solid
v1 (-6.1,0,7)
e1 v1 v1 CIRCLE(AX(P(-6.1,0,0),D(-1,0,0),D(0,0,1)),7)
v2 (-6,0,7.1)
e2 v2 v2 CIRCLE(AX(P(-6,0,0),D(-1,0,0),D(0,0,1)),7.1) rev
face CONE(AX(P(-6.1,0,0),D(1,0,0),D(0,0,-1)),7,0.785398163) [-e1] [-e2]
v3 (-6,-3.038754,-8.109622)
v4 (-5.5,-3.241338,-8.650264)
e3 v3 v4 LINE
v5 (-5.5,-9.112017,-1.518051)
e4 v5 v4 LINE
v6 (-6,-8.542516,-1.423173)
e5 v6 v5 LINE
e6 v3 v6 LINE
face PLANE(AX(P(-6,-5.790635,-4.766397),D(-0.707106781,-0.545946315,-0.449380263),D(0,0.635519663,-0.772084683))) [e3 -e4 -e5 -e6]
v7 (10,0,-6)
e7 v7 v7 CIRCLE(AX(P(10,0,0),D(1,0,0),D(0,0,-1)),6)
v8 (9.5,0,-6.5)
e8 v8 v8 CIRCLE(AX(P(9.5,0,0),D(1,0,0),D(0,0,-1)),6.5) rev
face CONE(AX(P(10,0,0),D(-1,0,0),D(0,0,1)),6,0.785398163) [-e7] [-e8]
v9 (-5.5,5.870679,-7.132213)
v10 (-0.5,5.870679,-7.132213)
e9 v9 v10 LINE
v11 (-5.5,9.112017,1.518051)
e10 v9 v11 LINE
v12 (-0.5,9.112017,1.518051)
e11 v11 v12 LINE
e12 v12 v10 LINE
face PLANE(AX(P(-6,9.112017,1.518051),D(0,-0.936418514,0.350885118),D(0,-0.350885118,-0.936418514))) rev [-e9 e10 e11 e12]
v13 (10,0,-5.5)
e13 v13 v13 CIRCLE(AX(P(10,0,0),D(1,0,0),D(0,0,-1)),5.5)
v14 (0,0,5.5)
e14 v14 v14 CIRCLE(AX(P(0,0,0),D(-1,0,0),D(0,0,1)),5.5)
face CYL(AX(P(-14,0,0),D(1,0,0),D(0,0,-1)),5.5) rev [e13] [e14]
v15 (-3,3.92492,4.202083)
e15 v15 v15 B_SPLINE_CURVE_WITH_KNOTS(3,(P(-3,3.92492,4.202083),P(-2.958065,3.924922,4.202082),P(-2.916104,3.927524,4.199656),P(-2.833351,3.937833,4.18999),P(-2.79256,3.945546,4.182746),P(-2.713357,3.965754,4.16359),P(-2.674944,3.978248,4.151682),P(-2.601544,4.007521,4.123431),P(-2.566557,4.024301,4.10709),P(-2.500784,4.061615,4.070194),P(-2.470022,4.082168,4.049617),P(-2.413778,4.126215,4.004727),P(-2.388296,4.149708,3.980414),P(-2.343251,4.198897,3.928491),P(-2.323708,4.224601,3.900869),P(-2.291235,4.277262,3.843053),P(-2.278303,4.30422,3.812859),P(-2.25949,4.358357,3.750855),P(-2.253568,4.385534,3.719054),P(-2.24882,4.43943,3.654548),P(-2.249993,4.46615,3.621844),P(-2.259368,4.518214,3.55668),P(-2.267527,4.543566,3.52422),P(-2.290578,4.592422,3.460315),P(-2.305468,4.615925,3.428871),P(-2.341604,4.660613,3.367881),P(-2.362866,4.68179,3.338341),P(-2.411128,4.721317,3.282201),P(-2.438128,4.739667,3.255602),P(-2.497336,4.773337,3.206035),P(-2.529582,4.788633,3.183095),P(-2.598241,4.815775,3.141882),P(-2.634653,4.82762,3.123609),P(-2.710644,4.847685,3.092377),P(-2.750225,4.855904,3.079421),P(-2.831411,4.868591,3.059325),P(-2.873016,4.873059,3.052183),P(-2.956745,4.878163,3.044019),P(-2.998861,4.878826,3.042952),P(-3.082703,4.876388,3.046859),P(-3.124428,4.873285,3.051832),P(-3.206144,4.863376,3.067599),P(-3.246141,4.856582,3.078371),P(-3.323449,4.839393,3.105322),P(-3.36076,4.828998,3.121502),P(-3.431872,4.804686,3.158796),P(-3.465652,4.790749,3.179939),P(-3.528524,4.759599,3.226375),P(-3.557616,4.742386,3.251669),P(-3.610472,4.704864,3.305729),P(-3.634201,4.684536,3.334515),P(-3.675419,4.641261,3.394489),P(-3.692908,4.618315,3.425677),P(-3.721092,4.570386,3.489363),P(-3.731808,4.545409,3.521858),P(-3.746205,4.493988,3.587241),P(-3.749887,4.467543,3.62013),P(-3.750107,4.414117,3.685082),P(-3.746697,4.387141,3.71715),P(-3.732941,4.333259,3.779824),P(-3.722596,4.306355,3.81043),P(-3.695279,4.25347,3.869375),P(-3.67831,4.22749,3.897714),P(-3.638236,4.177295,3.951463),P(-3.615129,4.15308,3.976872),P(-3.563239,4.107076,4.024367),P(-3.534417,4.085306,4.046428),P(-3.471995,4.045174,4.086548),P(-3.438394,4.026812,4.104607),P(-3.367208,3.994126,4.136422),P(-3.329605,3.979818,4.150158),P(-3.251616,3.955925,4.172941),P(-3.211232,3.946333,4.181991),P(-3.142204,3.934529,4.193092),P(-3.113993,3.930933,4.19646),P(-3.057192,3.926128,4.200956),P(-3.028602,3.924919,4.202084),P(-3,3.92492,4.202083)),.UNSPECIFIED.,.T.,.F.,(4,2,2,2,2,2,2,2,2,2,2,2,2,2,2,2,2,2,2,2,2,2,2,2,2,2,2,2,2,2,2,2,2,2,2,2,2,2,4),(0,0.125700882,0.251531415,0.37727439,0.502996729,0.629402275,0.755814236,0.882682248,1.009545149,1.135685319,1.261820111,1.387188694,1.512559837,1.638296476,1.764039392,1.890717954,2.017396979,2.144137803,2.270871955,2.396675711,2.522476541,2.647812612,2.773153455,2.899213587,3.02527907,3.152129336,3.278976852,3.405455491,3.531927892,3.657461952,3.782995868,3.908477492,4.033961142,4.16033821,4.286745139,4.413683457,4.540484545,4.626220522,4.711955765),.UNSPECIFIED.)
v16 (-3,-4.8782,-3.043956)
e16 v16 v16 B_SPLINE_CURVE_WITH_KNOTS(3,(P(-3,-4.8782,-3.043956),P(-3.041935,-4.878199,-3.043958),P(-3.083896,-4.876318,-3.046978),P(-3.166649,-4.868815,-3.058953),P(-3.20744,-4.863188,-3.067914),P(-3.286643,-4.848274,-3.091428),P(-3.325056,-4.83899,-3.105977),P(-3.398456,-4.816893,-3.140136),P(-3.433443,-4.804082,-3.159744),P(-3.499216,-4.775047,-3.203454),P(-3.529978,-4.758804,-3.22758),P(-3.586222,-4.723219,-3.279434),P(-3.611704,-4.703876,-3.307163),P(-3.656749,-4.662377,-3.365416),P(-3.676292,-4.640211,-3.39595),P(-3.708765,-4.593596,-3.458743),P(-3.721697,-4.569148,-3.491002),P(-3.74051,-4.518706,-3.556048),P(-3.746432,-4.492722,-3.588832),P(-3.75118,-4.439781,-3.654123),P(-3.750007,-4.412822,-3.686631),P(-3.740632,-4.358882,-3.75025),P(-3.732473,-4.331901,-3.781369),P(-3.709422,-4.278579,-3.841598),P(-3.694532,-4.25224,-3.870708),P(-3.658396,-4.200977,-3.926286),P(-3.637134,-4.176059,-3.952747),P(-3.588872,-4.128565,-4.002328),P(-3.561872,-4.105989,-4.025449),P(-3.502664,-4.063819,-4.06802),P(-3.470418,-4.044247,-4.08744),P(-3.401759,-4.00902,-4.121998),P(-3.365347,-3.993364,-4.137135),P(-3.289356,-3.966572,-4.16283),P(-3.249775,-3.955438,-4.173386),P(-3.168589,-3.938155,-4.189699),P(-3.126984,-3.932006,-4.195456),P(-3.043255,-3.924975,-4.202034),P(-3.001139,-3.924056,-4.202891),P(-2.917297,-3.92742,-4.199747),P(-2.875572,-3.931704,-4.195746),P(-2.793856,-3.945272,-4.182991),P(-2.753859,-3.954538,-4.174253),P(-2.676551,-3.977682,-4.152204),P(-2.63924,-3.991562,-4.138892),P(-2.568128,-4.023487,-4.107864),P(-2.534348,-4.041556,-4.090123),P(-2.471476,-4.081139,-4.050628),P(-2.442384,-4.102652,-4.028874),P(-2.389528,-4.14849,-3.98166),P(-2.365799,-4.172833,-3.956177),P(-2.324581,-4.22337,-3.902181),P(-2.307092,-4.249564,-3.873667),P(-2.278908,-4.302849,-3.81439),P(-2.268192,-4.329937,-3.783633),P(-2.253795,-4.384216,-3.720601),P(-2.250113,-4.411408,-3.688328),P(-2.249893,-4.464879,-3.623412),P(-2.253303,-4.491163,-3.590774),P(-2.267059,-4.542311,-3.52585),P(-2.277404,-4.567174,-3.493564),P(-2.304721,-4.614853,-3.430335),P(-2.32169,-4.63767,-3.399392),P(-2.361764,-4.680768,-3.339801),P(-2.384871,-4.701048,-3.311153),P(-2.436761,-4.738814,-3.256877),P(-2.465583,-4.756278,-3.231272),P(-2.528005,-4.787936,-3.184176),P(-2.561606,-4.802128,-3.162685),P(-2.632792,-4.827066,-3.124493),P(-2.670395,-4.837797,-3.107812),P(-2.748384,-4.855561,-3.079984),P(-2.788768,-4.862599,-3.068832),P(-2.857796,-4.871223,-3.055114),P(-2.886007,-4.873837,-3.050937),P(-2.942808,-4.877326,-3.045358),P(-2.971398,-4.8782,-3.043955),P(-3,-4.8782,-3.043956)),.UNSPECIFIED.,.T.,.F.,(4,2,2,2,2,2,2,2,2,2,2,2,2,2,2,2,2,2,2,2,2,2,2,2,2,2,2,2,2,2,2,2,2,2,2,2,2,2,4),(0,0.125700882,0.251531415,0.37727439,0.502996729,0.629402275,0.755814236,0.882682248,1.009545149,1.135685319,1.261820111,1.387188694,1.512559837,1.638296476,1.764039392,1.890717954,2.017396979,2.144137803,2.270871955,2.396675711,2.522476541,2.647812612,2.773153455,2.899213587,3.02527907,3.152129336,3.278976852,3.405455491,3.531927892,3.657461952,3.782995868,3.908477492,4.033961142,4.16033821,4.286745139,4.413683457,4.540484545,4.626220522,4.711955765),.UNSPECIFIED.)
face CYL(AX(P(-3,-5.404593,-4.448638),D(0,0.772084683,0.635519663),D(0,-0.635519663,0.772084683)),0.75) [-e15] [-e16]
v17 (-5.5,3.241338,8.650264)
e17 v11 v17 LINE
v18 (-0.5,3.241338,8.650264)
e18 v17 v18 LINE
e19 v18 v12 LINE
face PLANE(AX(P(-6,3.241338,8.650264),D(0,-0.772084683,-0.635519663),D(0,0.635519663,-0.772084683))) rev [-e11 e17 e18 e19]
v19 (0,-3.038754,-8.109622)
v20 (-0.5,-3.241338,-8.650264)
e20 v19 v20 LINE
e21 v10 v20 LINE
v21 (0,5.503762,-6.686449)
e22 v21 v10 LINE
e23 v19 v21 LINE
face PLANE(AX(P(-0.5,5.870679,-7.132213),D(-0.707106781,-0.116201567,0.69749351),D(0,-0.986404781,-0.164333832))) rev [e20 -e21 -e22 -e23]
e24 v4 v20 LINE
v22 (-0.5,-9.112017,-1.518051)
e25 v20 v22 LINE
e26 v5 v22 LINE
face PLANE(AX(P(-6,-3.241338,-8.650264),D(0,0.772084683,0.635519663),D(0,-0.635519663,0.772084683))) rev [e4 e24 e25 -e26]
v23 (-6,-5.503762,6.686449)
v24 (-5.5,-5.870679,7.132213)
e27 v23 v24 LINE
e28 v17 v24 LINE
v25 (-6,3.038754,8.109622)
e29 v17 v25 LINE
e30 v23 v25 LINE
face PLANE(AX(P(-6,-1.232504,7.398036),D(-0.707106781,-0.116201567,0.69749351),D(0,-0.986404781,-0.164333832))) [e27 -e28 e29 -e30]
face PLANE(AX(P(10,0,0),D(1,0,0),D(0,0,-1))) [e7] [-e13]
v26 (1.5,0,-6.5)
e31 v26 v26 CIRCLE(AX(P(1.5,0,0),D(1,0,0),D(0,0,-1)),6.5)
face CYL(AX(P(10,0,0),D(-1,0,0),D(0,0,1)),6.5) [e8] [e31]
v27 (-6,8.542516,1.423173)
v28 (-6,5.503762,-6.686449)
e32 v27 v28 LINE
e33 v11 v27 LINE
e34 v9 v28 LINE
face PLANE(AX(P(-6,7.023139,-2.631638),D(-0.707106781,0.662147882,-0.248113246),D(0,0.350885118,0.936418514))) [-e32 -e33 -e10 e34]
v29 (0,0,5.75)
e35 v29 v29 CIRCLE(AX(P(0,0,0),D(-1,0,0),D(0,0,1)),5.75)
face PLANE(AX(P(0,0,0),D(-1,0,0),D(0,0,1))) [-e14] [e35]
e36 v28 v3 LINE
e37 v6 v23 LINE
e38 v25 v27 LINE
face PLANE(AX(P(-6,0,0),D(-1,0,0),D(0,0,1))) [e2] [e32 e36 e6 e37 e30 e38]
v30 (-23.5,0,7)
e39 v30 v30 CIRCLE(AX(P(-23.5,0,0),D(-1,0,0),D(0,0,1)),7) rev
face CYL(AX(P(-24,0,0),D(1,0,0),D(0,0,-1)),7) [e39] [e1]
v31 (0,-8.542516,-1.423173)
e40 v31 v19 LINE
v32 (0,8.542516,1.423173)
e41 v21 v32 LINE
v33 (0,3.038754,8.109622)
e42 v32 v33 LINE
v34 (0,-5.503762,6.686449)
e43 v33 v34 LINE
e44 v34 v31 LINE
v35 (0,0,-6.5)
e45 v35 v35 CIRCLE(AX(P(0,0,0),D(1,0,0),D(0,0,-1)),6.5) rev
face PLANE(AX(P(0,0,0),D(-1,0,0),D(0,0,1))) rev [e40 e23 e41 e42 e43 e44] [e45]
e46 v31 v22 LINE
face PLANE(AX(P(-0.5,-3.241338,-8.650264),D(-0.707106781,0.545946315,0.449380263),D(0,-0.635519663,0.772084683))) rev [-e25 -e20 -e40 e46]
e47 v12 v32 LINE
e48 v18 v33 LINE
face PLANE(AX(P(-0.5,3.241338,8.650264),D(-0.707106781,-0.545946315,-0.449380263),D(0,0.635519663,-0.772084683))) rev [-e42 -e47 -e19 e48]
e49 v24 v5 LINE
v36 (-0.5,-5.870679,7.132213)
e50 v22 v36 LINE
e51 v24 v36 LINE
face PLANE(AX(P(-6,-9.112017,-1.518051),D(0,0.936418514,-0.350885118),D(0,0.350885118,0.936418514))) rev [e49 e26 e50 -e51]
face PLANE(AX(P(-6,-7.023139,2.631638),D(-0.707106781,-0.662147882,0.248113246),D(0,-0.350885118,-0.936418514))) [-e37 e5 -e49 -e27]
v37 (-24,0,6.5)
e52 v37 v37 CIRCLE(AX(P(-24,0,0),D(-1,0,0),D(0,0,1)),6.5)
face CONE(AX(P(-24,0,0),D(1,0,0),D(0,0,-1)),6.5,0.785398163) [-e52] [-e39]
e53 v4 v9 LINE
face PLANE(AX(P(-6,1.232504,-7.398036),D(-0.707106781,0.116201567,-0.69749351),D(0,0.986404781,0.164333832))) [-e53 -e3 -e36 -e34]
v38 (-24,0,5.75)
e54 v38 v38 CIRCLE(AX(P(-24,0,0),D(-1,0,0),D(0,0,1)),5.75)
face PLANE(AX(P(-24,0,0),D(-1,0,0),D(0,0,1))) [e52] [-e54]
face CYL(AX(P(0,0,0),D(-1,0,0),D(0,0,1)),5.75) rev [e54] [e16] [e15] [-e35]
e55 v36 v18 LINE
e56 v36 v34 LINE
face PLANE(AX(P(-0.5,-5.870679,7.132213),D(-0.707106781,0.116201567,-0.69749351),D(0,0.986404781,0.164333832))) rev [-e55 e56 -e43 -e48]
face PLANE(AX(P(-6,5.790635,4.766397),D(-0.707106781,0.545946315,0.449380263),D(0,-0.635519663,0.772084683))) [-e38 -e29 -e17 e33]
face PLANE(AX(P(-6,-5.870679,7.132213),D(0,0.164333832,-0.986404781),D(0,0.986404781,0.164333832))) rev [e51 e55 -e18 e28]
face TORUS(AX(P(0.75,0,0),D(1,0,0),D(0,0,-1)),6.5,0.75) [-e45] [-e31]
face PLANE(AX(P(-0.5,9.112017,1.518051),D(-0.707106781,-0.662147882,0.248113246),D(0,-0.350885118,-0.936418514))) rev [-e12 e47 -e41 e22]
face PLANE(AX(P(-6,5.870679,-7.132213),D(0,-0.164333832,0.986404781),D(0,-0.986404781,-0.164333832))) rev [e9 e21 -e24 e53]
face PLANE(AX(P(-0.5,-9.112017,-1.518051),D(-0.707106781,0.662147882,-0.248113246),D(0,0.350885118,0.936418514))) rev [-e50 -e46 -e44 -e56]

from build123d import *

# Parameters (mm, degrees)
ESQUISSE1_R             = 0.65
BOSS_EXTRU_1_DEPTH      = 1
BOSS_EXTRU_2_DEPTH      = 0.6
ESQUISSE4_R             = 0.7
BOSS_EXTRU_3_DEPTH      = 1.8
CHANFREIN1_SIZE         = 0.05
CHANFREIN2_SIZE         = 0.05
ESQUISSE5_R             = 0.575
ENL_V_MAT_EXTRU_1_DEPTH = 2.4
ESQUISSE6_R             = 0.55
ENL_V_MAT_EXTRU_2_DEPTH = 2.4
CHANFREIN3_SIZE         = 0.05
CHANFREIN4_SIZE         = 0.05
CHANFREIN5_SIZE         = 0.01
ESQUISSE7_R             = 0.075
BOSS_EXTRU_4_DEPTH      = 1.5
ECHELLE1_SCALE          = 10


with BuildPart() as part:
    # Esquisse1 → Boss.-Extru.1 (new body)
    with BuildSketch(Plane(origin=(0, 0, 0), x_dir=(0, 0, -1), z_dir=(1, 0, 0))):
        Circle(ESQUISSE1_R)
    extrude(amount=BOSS_EXTRU_1_DEPTH)

    # Esquisse2 → Révolution1 (revolve)
    with BuildSketch(Plane.XY):
        with BuildLine():
            Line((0, 0.65), (0.15, 0.65))
            ThreePointArc((0.15, 0.65), (0.075, 0.725), (0, 0.65))
        make_face()
    revolve(axis=Axis((1, 0, 0), (-1, 0, 0)))

    # Esquisse3 → Boss.-Extru.2 (add)
    with BuildSketch(Plane.ZY):
        Polygon((0.713221279, -0.587067918), (0.86502637, 0.324133787), (0.151805091, 0.911201705), (-0.713221279, 0.587067918), (-0.86502637, -0.324133787), (-0.151805091, -0.911201705), align=None)
    extrude(amount=BOSS_EXTRU_2_DEPTH)

    # Esquisse4 → Boss.-Extru.3 (add)
    with BuildSketch(Plane.ZY.offset(0.6)):
        Circle(ESQUISSE4_R)
    extrude(amount=BOSS_EXTRU_3_DEPTH)

    # Chanfrein1
    chanfrein1_edges = [part.edges().sort_by_distance(p)[0] for p in [
        (-0.6, -0.749134812, 0.280708094),
        (-0.6, -0.131467065, 0.789123825),
        (-0.6, 0.617667746, 0.508415731),
        (-0.6, 0.749134812, -0.280708094),
        (-0.6, 0.131467065, -0.789123825),
        (-0.6, -0.617667746, -0.508415731),
    ]]
    chamfer(chanfrein1_edges, length=CHANFREIN1_SIZE)

    # Chanfrein2
    chanfrein2_edges = [part.edges().sort_by_distance(p)[0] for p in [
        (0, 0.749134812, -0.280708094),
        (0, 0.131467065, -0.789123825),
        (0, -0.617667746, -0.508415731),
        (0, -0.749134812, 0.280708094),
        (0, -0.131467065, 0.789123825),
        (0, 0.617667746, 0.508415731),
    ]]
    chamfer(chanfrein2_edges, length=CHANFREIN2_SIZE)

    # Esquisse5 → Enlèv. mat.-Extru.1 (cut)
    with BuildSketch(Plane.ZY.offset(2.4)):
        Circle(ESQUISSE5_R)
    extrude(amount=-ENL_V_MAT_EXTRU_1_DEPTH, mode=Mode.SUBTRACT)

    # Esquisse6 → Enlèv. mat.-Extru.2 (cut)
    with BuildSketch(Plane(origin=(1, 0, 0), x_dir=(0, 0, -1), z_dir=(1, 0, 0))):
        Circle(ESQUISSE6_R)
    extrude(amount=-ENL_V_MAT_EXTRU_2_DEPTH, mode=Mode.SUBTRACT)

    # Chanfrein3
    chanfrein3_edges = [part.edges().sort_by_distance(p)[0] for p in [
        (1, 0, 0.65),
    ]]
    chamfer(chanfrein3_edges, length=CHANFREIN3_SIZE)

    # Chanfrein4
    chanfrein4_edges = [part.edges().sort_by_distance(p)[0] for p in [
        (-2.4, 0, -0.7),
    ]]
    chamfer(chanfrein4_edges, length=CHANFREIN4_SIZE)

    # Chanfrein5
    chanfrein5_edges = [part.edges().sort_by_distance(p)[0] for p in [
        (-0.6, 0, -0.7),
    ]]
    chamfer(chanfrein5_edges, length=CHANFREIN5_SIZE)

    # Esquisse7 → Boss.-Extru.4 (add)
    with BuildSketch(Plane(origin=(0, 0.617667746, 0.508415731), x_dir=(1, 0, 0), z_dir=(0, 0.772084683, 0.635519663))):
        with Locations((-0.3, 0)):
            Circle(ESQUISSE7_R)
    extrude(amount=-BOSS_EXTRU_4_DEPTH)


with BuildPart() as part_1:
    # Echelle1: scaled about (0, 0, 0)
    add(part.part.scale(ECHELLE1_SCALE))


solid = part_1.part
